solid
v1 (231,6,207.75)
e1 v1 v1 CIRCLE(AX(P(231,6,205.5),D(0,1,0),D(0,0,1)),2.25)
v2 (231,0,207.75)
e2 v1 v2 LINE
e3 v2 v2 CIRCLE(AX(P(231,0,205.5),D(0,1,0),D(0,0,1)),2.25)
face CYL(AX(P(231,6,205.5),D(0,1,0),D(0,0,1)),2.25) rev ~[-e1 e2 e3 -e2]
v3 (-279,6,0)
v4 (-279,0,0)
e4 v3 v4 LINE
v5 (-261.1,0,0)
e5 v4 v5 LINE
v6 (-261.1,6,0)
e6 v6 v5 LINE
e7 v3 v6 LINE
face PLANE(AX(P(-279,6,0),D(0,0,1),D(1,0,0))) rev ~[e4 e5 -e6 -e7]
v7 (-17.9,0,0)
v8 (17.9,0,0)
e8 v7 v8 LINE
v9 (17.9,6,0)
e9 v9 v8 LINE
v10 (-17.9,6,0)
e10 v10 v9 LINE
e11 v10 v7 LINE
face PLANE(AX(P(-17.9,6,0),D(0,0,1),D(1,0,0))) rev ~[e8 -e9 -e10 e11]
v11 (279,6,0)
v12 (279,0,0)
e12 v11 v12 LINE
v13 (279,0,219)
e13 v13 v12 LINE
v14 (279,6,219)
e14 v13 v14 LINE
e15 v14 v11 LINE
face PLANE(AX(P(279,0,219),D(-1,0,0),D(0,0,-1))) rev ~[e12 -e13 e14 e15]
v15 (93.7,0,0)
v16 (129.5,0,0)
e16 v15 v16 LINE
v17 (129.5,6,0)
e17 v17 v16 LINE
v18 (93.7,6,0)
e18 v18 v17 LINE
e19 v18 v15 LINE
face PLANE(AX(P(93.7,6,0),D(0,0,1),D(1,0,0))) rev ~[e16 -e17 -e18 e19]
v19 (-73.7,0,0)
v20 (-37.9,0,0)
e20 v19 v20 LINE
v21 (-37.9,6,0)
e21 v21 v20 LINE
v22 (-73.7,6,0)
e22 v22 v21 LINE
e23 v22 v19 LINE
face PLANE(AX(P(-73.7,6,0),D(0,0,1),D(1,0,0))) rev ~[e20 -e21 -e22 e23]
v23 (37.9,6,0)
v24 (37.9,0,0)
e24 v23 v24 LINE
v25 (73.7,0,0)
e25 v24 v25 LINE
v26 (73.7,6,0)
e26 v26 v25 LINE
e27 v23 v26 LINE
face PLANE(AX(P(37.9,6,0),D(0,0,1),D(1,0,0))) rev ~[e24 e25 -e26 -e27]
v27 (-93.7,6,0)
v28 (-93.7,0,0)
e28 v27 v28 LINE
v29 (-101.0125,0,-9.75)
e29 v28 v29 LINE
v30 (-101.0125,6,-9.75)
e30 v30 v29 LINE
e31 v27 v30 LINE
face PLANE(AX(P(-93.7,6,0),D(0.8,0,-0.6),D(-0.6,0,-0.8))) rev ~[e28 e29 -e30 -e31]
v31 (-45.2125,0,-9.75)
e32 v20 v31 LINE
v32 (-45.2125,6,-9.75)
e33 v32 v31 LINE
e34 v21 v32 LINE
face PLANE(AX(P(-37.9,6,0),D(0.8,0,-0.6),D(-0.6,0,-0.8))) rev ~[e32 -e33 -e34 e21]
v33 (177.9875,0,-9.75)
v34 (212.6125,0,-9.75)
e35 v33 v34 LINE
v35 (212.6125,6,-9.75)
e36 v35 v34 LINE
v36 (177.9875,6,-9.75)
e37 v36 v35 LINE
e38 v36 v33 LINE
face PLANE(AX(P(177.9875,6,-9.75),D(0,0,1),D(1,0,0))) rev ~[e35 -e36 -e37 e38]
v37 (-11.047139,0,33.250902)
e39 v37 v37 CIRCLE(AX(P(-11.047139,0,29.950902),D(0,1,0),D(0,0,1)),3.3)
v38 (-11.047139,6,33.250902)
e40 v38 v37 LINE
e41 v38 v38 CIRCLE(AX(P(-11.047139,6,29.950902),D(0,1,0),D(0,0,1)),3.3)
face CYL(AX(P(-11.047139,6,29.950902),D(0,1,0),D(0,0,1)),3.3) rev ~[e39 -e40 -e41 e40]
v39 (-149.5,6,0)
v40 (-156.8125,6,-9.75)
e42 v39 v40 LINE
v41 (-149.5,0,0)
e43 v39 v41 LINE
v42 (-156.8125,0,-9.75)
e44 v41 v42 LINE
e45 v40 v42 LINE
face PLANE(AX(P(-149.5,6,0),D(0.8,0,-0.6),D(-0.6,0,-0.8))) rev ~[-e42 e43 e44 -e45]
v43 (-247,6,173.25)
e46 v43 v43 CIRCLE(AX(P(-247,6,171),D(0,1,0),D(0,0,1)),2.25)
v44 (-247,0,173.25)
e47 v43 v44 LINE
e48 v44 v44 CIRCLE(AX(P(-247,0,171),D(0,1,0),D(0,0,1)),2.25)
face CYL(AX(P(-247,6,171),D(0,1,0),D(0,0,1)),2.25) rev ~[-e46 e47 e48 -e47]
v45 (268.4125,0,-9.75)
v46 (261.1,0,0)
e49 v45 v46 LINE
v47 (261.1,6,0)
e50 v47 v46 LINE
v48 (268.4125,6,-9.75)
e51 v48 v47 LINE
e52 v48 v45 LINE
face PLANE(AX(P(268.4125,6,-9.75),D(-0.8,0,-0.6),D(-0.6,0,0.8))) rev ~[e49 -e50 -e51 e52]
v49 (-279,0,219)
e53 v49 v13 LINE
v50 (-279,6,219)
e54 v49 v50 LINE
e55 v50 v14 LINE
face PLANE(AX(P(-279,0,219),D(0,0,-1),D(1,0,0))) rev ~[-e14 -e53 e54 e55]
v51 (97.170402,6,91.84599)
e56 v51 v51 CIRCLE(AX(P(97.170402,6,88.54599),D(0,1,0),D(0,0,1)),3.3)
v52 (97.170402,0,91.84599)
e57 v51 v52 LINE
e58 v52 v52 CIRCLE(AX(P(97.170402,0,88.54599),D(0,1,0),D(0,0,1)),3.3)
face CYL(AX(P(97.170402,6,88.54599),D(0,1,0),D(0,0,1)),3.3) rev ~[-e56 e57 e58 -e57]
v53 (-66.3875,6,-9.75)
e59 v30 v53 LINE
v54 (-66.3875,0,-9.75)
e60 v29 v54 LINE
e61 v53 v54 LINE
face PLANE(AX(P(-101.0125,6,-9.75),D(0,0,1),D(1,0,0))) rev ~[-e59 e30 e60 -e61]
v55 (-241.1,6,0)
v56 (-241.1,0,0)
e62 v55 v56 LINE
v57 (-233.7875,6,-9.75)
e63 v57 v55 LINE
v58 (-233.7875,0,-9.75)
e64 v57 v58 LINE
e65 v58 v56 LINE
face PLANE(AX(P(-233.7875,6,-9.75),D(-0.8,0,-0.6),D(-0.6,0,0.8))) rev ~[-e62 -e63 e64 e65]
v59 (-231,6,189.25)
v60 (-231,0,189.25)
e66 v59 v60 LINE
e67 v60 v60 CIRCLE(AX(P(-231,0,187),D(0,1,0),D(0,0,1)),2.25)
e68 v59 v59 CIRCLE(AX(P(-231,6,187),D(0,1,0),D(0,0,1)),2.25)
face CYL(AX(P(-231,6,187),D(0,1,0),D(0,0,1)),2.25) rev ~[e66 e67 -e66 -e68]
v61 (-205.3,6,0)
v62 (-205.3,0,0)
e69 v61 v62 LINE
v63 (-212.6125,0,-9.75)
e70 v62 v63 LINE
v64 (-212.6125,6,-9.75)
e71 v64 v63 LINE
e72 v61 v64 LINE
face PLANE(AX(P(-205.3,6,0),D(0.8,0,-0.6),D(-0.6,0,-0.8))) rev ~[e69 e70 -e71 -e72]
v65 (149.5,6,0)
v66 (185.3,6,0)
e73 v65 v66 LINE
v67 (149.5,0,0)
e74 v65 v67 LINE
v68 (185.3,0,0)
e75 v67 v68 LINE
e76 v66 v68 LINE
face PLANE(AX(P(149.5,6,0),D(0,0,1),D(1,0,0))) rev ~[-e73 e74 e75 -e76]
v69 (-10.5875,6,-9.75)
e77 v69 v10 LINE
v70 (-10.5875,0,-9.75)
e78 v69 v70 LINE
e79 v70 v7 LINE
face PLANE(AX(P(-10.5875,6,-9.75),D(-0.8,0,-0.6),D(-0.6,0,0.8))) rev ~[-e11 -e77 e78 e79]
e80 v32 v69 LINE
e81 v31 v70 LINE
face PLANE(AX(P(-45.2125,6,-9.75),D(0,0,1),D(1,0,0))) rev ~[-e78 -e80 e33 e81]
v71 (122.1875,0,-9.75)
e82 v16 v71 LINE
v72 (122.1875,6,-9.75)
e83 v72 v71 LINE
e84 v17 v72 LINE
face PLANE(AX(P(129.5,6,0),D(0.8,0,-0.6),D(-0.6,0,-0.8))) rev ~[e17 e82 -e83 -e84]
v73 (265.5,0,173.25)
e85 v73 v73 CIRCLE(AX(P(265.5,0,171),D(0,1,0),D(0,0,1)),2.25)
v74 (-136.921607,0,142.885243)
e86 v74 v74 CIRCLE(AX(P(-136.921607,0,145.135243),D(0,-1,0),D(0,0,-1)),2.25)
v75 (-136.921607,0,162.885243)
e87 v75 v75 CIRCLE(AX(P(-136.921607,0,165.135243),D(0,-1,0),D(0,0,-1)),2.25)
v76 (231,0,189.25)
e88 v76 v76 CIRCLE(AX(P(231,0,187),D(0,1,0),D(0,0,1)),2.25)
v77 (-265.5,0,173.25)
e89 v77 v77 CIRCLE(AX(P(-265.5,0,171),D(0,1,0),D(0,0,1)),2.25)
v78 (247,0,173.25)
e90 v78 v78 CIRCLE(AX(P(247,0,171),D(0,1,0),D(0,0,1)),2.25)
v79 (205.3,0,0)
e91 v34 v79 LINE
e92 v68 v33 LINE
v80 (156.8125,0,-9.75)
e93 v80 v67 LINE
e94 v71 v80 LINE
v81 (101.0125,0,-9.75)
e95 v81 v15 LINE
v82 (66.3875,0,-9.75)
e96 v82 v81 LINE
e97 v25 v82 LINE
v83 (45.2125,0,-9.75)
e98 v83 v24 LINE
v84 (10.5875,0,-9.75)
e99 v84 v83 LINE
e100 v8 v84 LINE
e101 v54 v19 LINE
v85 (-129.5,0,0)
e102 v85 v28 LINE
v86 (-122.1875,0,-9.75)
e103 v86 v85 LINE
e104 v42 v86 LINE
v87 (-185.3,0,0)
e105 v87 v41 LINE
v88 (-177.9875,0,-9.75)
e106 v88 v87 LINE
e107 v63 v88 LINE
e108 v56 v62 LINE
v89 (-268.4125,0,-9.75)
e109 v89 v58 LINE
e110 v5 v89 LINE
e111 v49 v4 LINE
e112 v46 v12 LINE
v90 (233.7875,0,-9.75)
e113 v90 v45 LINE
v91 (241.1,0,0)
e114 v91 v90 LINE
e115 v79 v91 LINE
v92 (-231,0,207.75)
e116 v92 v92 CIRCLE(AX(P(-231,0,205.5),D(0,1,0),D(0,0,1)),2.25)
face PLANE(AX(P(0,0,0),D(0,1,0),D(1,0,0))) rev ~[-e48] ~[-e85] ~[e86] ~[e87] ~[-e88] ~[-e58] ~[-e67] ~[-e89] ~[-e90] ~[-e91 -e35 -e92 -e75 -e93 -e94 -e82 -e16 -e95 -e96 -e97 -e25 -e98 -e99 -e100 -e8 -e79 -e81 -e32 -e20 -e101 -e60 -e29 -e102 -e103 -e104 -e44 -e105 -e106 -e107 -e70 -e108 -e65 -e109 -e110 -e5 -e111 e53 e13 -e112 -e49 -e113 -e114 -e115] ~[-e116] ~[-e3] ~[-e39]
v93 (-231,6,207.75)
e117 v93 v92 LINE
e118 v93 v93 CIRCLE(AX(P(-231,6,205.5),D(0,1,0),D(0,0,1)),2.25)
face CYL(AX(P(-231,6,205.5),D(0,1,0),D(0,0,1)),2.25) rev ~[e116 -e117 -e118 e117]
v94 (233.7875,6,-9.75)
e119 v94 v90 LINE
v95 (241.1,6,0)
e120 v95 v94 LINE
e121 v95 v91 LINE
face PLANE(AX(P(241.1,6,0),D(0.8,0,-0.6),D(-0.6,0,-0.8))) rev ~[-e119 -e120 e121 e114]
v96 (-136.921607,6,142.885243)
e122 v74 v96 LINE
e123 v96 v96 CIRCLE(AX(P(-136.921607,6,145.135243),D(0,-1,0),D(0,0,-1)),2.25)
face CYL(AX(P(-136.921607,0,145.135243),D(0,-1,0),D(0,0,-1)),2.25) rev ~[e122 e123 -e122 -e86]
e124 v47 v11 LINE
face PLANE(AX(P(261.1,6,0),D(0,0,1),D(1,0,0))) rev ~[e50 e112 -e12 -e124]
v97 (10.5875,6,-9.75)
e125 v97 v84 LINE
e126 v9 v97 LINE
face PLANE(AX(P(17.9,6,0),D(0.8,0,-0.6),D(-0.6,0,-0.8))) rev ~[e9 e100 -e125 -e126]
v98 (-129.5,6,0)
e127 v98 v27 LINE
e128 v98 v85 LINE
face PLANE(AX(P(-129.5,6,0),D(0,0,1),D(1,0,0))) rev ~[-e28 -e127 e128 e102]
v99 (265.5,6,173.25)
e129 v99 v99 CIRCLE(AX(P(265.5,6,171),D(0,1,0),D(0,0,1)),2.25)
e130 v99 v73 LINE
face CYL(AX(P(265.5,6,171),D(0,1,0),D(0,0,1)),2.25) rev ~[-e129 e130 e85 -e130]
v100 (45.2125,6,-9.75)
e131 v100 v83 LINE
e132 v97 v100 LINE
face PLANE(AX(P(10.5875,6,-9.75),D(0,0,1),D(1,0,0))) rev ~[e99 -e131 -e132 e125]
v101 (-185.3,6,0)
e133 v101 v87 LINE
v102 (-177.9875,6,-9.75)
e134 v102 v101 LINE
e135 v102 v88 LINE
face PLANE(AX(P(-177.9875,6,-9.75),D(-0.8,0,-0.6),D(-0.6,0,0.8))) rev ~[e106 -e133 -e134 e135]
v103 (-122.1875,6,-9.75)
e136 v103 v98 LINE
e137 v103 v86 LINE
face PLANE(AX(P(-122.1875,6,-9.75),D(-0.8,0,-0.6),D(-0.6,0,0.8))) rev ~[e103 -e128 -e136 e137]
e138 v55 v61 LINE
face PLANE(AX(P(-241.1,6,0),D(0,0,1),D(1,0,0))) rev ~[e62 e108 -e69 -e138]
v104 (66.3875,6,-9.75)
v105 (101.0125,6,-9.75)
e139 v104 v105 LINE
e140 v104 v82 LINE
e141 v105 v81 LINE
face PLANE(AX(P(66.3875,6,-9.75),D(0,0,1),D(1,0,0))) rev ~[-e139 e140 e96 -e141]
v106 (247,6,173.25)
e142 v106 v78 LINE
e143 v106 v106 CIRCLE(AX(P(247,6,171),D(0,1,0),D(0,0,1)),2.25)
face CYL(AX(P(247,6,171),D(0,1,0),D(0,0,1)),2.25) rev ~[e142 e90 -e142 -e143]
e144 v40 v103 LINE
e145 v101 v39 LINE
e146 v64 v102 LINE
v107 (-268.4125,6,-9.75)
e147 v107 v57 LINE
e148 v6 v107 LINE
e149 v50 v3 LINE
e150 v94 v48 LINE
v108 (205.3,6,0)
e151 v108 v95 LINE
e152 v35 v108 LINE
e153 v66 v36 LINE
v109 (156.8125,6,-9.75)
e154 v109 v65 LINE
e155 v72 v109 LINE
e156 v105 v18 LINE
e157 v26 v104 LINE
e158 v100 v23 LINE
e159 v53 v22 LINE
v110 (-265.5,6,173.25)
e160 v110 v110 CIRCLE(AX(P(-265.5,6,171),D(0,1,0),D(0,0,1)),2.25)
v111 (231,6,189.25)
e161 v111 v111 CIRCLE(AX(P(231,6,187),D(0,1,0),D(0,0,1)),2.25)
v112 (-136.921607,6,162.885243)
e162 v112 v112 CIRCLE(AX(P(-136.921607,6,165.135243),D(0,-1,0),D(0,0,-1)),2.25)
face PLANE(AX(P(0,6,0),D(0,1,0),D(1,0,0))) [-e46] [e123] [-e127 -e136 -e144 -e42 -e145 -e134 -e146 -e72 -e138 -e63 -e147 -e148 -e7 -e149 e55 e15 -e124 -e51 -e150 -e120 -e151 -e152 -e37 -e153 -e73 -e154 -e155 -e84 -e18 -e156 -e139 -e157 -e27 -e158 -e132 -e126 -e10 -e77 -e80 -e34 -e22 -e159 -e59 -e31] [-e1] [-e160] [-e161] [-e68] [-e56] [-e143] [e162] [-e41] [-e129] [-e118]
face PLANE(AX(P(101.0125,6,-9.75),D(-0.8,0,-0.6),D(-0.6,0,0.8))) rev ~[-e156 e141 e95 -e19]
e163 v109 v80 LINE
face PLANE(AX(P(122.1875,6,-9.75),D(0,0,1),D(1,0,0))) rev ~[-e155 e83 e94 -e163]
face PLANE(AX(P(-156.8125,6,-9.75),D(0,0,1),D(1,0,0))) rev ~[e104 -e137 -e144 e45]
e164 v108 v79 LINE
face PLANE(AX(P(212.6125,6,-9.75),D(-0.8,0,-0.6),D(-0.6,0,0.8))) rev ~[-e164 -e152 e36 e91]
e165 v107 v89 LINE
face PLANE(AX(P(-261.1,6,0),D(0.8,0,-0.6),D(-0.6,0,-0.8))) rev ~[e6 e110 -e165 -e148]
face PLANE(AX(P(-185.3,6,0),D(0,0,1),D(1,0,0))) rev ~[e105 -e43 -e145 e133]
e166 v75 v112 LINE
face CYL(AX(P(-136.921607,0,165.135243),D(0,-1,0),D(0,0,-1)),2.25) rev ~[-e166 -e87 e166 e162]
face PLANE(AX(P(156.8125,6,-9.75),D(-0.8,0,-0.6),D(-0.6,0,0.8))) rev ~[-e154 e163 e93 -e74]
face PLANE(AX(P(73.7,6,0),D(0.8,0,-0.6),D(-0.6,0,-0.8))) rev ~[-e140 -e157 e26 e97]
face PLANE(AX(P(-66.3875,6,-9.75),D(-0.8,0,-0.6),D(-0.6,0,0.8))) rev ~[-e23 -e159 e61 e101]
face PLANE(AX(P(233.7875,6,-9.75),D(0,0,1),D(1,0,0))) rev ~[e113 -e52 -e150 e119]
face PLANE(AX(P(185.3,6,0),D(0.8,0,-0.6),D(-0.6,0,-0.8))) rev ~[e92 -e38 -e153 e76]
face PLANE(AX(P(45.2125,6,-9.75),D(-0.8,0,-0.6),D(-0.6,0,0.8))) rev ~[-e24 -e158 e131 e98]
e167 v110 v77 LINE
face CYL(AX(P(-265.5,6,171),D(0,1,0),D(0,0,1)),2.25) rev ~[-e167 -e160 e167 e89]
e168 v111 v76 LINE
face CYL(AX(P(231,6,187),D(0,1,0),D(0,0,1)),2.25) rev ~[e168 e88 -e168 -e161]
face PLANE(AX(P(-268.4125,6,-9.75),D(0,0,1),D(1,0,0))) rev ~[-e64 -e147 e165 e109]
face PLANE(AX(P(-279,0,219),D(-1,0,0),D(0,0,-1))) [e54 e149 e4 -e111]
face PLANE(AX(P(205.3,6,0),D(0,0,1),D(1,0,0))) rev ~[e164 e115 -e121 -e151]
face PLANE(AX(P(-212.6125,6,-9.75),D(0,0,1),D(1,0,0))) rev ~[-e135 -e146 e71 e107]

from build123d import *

# Parameters (mm, degrees)
SCHIZZO1_W                   = 558
SCHIZZO1_H                   = 438
ESTRUSIONE_ESTRUSIONE1_DEPTH = 6
SCHIZZO2_R                   = 2.25
TAGLIO_ESTRUSIONE1_DEPTH     = 10
SCHIZZO4_R                   = 3.3
TAGLIO_ESTRUSIONE2_DEPTH     = 10
SCHIZZO5_R                   = 2.25
TAGLIO_ESTRUSIONE3_DEPTH     = 10
TAGLIO_ESTRUSIONE4_DEPTH     = 10


with BuildPart() as part:
    # Schizzo1 → Estrusione-Estrusione1 (new body)
    with BuildSketch(Plane(origin=(0, 0, 0), x_dir=(1, 0, 0), z_dir=(0, 1, 0))):
        Rectangle(SCHIZZO1_W, SCHIZZO1_H)
    extrude(amount=ESTRUSIONE_ESTRUSIONE1_DEPTH)

    # Schizzo2 → Taglio-Estrusione1 (cut)
    with BuildSketch(Plane(origin=(0, 6, 0), x_dir=(1, 0, 0), z_dir=(0, 1, 0))):
        with Locations(Location((-231, 205.5, 0), (0, 0, 270))):
            Circle(SCHIZZO2_R)
        with Locations(Location((-231, 187, 0), (0, 0, 270))):
            Circle(SCHIZZO2_R)
        with Locations(Location((-247, 171, 0), (0, 0, 270))):
            Circle(SCHIZZO2_R)
        with Locations(Location((-265.5, 171, 0), (0, 0, 270))):
            Circle(SCHIZZO2_R)
        with Locations(Location((231, 205.5, 0), (0, 0, 270))):
            Circle(SCHIZZO2_R)
        with Locations(Location((231, 187, 0), (0, 0, 270))):
            Circle(SCHIZZO2_R)
        with Locations(Location((247, 171, 0), (0, 0, 270))):
            Circle(SCHIZZO2_R)
        with Locations(Location((265.5, 171, 0), (0, 0, 270))):
            Circle(SCHIZZO2_R)
        with Locations(Location((265.5, -171, 0), (0, 0, 270))):
            Circle(SCHIZZO2_R)
        with Locations(Location((247, -171, 0), (0, 0, 270))):
            Circle(SCHIZZO2_R)
        with Locations(Location((231, -187, 0), (0, 0, 270))):
            Circle(SCHIZZO2_R)
        with Locations(Location((231, -205.5, 0), (0, 0, 270))):
            Circle(SCHIZZO2_R)
        with Locations(Location((-231, -205.5, 0), (0, 0, 270))):
            Circle(SCHIZZO2_R)
        with Locations(Location((-231, -187, 0), (0, 0, 270))):
            Circle(SCHIZZO2_R)
        with Locations(Location((-247, -171, 0), (0, 0, 270))):
            Circle(SCHIZZO2_R)
        with Locations(Location((-265.5, -171, 0), (0, 0, 270))):
            Circle(SCHIZZO2_R)
    extrude(amount=-TAGLIO_ESTRUSIONE1_DEPTH, mode=Mode.SUBTRACT)

    # Schizzo4 → Taglio-Estrusione2 (cut)
    with BuildSketch(Plane(origin=(0, 6, 0), x_dir=(1, 0, 0), z_dir=(0, 1, 0))):
        with Locations(Location((-11.04713937, -29.950902322, 0), (0, 0, 270))):
            Circle(SCHIZZO4_R)
        with Locations(Location((97.170402481, -88.545989873, 0), (0, 0, 270))):
            Circle(SCHIZZO4_R)
        with Locations(Location((155.765489817, 19.671552094, 0), (0, 0, 270))):
            Circle(SCHIZZO4_R)
        with Locations(Location((47.547947967, 78.266639645, 0), (0, 0, 270))):
            Circle(SCHIZZO4_R)
    extrude(amount=-TAGLIO_ESTRUSIONE2_DEPTH, mode=Mode.SUBTRACT)

    # Schizzo5 → Taglio-Estrusione3 (cut)
    with BuildSketch(Plane.XZ):
        with Locations(Location((-136.921607377, 165.135242981, 0), (0, 0, 270))):
            Circle(SCHIZZO5_R)
        with Locations(Location((-136.921607377, 145.135242981, 0), (0, 0, 270))):
            Circle(SCHIZZO5_R)
    extrude(amount=-TAGLIO_ESTRUSIONE3_DEPTH, mode=Mode.SUBTRACT)

    # Schizzo6 → Taglio-Estrusione4 (cut)
    with BuildSketch(Plane(origin=(0, 6, 0), x_dir=(1, 0, 0), z_dir=(0, 1, 0))):
        Polygon((-279, 0), (-261.1, 0), (-268.4125, 9.75), (-233.7875, 9.75), (-241.1, 0), (-223.2, 0), (-205.3, 0), (-212.6125, 9.75), (-177.9875, 9.75), (-185.3, 0), (-167.4, 0), (-149.5, 0), (-156.8125, 9.75), (-122.1875, 9.75), (-129.5, 0), (-111.6, 0), (-93.7, 0), (-101.0125, 9.75), (-66.3875, 9.75), (-73.7, 0), (-55.8, 0), (-37.9, 0), (-45.2125, 9.75), (-10.5875, 9.75), (-17.9, 0), (0, 0), (17.9, 0), (10.5875, 9.75), (45.2125, 9.75), (37.9, 0), (55.8, 0), (73.7, 0), (66.3875, 9.75), (101.0125, 9.75), (93.7, 0), (111.6, 0), (129.5, 0), (122.1875, 9.75), (156.8125, 9.75), (149.5, 0), (167.4, 0), (185.3, 0), (177.9875, 9.75), (212.6125, 9.75), (205.3, 0), (223.2, 0), (241.1, 0), (233.7875, 9.75), (268.4125, 9.75), (261.1, 0), (279, 0), (279, 219), (-279, 219), align=None)
    extrude(amount=-TAGLIO_ESTRUSIONE4_DEPTH, mode=Mode.SUBTRACT)


solid = part.part
